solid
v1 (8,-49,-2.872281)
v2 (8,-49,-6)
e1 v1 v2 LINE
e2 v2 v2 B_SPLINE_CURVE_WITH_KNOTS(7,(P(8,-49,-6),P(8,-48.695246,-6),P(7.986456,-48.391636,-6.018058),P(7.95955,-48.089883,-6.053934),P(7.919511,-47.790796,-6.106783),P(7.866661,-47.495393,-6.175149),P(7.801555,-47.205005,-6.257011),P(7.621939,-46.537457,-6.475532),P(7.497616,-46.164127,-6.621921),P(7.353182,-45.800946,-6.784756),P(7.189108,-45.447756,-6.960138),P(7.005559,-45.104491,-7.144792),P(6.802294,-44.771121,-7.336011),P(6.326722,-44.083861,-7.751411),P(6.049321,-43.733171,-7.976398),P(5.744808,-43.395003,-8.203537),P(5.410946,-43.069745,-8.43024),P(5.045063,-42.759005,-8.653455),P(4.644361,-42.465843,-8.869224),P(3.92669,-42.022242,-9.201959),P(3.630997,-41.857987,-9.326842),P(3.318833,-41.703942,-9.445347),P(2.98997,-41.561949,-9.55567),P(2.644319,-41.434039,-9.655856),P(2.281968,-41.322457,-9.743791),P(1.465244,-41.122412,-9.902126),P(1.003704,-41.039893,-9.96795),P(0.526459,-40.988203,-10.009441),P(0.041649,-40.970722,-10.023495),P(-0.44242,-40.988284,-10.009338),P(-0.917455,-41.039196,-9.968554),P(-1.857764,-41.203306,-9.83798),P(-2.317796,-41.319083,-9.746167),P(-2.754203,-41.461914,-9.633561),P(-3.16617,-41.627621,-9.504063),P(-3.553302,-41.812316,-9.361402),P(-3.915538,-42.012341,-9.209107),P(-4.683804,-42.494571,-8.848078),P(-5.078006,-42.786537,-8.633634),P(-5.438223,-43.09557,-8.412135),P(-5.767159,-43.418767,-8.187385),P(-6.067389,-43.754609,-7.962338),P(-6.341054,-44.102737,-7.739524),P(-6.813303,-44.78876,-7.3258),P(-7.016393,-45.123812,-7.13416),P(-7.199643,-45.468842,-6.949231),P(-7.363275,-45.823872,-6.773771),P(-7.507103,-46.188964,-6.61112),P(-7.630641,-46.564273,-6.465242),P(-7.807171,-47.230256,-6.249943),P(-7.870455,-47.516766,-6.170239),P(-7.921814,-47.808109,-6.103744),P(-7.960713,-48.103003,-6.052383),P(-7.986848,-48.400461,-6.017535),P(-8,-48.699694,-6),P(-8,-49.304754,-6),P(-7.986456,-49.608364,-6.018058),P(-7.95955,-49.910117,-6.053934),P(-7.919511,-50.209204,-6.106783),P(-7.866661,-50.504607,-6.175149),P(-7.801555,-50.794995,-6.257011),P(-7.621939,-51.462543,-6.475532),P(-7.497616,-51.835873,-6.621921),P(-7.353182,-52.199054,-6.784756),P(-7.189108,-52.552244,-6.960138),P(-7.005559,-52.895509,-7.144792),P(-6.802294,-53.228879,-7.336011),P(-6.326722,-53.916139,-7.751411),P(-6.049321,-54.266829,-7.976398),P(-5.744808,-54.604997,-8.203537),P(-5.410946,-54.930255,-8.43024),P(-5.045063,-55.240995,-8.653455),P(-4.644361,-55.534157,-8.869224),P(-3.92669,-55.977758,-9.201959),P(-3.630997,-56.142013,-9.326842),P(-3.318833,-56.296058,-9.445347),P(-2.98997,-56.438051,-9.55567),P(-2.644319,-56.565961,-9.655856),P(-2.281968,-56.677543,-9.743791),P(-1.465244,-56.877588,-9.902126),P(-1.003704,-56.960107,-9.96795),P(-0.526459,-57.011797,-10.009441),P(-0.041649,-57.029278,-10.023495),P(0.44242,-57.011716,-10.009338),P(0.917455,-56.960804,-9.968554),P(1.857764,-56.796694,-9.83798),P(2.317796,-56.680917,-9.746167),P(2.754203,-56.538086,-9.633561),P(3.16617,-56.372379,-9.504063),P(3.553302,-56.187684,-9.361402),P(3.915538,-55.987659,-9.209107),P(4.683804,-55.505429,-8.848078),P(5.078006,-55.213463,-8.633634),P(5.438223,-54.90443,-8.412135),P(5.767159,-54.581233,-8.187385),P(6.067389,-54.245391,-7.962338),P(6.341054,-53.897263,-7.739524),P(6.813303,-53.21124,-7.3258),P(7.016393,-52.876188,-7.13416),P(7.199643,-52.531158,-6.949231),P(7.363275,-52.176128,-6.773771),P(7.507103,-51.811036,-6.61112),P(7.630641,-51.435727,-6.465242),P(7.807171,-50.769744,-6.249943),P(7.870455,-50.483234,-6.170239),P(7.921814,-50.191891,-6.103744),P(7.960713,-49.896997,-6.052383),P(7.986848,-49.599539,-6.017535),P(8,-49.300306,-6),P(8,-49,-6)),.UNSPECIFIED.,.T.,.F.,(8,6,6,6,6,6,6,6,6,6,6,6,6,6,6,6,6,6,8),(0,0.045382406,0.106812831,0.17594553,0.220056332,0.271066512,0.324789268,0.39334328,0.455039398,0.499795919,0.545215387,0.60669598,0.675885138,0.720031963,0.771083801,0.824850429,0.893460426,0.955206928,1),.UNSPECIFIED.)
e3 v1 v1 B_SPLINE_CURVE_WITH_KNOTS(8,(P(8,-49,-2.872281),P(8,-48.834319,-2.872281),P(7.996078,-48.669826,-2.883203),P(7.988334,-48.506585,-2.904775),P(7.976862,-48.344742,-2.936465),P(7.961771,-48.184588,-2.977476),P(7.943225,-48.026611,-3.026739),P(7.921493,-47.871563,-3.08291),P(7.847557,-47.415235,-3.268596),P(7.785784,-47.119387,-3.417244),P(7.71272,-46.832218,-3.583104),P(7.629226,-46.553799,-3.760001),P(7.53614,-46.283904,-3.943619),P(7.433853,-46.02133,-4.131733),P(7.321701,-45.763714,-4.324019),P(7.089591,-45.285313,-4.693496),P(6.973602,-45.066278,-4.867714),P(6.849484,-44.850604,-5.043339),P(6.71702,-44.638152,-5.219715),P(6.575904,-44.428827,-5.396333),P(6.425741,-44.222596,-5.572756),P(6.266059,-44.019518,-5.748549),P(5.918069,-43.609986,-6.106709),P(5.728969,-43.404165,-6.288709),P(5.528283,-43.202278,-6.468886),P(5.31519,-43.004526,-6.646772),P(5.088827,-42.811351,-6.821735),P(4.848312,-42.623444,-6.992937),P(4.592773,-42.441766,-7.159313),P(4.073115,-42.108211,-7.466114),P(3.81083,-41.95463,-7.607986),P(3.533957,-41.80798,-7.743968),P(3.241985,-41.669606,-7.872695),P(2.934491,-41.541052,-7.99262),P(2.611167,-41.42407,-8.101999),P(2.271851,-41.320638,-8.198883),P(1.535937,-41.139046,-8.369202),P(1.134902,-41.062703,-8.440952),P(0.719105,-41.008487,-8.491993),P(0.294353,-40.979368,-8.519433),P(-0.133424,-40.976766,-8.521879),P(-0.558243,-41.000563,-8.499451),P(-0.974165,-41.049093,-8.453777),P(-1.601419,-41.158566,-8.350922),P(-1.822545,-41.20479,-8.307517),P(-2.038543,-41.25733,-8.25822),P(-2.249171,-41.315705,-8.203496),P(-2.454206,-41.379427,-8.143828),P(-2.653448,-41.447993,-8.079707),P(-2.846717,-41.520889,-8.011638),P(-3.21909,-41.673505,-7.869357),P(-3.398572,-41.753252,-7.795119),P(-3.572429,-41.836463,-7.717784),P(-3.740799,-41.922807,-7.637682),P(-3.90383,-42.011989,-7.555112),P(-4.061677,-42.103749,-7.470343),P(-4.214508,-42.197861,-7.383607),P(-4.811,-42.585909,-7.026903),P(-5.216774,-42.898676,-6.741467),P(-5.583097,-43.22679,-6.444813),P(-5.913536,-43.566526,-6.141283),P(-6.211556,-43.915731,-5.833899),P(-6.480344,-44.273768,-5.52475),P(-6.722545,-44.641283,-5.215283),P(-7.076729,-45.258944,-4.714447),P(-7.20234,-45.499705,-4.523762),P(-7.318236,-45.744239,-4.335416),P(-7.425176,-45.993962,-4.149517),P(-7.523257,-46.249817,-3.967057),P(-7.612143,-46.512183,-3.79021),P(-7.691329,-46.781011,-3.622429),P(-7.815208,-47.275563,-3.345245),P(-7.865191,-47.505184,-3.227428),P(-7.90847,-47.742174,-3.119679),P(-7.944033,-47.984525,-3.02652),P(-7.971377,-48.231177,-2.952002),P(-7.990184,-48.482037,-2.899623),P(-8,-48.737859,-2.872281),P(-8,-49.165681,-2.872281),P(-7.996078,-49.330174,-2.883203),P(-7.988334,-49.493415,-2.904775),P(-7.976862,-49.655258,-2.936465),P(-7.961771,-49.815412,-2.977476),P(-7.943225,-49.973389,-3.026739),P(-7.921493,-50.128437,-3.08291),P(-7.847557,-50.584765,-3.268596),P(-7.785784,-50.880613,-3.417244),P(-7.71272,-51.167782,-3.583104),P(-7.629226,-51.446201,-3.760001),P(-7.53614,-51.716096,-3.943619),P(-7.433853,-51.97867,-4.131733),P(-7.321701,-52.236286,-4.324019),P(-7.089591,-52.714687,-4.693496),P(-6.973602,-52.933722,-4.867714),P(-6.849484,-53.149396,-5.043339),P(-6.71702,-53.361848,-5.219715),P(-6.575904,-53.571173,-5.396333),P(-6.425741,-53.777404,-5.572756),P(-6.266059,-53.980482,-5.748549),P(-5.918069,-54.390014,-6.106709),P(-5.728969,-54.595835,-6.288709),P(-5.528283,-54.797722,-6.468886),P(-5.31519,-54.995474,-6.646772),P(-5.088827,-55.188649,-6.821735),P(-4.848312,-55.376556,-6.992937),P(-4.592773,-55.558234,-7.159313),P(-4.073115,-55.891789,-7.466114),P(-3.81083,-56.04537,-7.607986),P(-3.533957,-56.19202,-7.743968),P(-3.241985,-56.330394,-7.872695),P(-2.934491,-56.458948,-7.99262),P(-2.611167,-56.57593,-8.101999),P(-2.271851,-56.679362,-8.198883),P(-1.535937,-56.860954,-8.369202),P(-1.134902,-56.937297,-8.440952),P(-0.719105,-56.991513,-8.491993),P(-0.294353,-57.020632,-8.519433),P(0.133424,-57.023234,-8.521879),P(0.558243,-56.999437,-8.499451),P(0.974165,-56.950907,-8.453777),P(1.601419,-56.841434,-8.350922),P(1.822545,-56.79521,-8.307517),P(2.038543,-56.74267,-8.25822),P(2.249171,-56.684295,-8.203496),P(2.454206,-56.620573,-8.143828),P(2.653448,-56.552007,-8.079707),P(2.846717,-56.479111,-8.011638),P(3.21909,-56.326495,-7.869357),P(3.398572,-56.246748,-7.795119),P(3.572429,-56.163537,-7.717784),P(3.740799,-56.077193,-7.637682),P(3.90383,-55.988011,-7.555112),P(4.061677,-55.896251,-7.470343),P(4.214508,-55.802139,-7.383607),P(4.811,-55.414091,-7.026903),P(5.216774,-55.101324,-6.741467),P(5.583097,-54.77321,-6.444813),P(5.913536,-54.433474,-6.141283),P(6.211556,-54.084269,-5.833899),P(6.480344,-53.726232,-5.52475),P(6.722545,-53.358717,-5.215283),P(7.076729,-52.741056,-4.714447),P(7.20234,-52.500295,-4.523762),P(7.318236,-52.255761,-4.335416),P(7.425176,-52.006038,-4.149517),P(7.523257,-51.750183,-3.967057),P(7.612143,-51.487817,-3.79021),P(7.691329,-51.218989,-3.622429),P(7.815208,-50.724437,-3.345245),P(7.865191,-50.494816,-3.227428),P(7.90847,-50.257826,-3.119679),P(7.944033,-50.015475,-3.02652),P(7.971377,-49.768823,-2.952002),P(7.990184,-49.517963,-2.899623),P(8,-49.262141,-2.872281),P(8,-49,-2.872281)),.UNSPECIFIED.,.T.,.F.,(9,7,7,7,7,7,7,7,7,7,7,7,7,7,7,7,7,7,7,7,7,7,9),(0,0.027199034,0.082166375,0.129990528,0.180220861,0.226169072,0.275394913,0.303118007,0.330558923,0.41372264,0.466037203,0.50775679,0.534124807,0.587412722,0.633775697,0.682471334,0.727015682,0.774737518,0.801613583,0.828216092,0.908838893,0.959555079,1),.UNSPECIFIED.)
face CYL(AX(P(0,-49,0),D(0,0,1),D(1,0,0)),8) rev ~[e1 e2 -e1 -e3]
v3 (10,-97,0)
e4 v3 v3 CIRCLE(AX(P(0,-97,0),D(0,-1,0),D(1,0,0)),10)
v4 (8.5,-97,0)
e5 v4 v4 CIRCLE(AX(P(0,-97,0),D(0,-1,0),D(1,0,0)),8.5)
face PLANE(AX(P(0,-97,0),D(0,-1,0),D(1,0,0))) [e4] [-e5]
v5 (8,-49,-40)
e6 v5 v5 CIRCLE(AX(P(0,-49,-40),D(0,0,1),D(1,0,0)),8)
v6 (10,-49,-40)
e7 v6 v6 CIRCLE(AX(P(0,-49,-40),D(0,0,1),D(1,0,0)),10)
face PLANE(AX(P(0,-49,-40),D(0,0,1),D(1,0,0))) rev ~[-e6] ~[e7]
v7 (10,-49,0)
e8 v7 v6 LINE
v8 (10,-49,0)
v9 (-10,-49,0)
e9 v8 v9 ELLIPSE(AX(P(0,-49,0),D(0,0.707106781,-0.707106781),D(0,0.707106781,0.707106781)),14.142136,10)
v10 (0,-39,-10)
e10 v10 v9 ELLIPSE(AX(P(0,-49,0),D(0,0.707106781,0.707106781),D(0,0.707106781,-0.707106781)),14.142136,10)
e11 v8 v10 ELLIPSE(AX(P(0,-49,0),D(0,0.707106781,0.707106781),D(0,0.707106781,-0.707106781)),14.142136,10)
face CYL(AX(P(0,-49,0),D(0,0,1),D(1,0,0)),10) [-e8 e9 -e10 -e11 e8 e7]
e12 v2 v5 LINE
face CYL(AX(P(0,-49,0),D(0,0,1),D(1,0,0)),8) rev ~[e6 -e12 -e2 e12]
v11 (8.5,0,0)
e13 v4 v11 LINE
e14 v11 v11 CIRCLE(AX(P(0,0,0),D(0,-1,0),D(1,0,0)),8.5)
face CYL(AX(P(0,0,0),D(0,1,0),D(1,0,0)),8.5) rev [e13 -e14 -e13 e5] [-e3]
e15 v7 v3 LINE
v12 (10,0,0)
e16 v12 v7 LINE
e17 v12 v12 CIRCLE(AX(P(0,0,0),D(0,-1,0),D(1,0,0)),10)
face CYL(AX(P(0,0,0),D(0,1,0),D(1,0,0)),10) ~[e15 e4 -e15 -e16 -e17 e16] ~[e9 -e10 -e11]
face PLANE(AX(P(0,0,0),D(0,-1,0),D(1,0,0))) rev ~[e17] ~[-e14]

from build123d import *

# Parameters (mm, degrees)
F0_R     = 10
F0_R_2   = 8.5
F1_DEPTH = 97
F2_R     = 10
F2_R_2   = 8
F3_DEPTH = 40
F4_R     = 8
F5_DEPTH = 59.3
F6_R     = 8.5
F7_DEPTH = 110


with BuildPart() as f1:
    # F0 (on Front) → F1 (new body)
    with BuildSketch(Plane.XZ):
        Circle(F0_R)
        Circle(F0_R_2, mode=Mode.SUBTRACT)
    extrude(amount=F1_DEPTH)

    # F2 (on Top) → F3 (join)
    with BuildSketch(Plane.XY):
        with Locations((0, -49)):
            Circle(F2_R)
        with Locations((0, -49)):
            Circle(F2_R_2, mode=Mode.SUBTRACT)
    extrude(amount=-F3_DEPTH)

    # F4 (on Top) → F5 (cut)
    with BuildSketch(Plane.XY):
        with Locations((0, -49)):
            Circle(F4_R)
    extrude(amount=-F5_DEPTH, mode=Mode.SUBTRACT)

    # F6 (on Front) → F7 (cut)
    with BuildSketch(Plane.XZ):
        Circle(F6_R)
    extrude(amount=F7_DEPTH, mode=Mode.SUBTRACT)


solid = f1.part
